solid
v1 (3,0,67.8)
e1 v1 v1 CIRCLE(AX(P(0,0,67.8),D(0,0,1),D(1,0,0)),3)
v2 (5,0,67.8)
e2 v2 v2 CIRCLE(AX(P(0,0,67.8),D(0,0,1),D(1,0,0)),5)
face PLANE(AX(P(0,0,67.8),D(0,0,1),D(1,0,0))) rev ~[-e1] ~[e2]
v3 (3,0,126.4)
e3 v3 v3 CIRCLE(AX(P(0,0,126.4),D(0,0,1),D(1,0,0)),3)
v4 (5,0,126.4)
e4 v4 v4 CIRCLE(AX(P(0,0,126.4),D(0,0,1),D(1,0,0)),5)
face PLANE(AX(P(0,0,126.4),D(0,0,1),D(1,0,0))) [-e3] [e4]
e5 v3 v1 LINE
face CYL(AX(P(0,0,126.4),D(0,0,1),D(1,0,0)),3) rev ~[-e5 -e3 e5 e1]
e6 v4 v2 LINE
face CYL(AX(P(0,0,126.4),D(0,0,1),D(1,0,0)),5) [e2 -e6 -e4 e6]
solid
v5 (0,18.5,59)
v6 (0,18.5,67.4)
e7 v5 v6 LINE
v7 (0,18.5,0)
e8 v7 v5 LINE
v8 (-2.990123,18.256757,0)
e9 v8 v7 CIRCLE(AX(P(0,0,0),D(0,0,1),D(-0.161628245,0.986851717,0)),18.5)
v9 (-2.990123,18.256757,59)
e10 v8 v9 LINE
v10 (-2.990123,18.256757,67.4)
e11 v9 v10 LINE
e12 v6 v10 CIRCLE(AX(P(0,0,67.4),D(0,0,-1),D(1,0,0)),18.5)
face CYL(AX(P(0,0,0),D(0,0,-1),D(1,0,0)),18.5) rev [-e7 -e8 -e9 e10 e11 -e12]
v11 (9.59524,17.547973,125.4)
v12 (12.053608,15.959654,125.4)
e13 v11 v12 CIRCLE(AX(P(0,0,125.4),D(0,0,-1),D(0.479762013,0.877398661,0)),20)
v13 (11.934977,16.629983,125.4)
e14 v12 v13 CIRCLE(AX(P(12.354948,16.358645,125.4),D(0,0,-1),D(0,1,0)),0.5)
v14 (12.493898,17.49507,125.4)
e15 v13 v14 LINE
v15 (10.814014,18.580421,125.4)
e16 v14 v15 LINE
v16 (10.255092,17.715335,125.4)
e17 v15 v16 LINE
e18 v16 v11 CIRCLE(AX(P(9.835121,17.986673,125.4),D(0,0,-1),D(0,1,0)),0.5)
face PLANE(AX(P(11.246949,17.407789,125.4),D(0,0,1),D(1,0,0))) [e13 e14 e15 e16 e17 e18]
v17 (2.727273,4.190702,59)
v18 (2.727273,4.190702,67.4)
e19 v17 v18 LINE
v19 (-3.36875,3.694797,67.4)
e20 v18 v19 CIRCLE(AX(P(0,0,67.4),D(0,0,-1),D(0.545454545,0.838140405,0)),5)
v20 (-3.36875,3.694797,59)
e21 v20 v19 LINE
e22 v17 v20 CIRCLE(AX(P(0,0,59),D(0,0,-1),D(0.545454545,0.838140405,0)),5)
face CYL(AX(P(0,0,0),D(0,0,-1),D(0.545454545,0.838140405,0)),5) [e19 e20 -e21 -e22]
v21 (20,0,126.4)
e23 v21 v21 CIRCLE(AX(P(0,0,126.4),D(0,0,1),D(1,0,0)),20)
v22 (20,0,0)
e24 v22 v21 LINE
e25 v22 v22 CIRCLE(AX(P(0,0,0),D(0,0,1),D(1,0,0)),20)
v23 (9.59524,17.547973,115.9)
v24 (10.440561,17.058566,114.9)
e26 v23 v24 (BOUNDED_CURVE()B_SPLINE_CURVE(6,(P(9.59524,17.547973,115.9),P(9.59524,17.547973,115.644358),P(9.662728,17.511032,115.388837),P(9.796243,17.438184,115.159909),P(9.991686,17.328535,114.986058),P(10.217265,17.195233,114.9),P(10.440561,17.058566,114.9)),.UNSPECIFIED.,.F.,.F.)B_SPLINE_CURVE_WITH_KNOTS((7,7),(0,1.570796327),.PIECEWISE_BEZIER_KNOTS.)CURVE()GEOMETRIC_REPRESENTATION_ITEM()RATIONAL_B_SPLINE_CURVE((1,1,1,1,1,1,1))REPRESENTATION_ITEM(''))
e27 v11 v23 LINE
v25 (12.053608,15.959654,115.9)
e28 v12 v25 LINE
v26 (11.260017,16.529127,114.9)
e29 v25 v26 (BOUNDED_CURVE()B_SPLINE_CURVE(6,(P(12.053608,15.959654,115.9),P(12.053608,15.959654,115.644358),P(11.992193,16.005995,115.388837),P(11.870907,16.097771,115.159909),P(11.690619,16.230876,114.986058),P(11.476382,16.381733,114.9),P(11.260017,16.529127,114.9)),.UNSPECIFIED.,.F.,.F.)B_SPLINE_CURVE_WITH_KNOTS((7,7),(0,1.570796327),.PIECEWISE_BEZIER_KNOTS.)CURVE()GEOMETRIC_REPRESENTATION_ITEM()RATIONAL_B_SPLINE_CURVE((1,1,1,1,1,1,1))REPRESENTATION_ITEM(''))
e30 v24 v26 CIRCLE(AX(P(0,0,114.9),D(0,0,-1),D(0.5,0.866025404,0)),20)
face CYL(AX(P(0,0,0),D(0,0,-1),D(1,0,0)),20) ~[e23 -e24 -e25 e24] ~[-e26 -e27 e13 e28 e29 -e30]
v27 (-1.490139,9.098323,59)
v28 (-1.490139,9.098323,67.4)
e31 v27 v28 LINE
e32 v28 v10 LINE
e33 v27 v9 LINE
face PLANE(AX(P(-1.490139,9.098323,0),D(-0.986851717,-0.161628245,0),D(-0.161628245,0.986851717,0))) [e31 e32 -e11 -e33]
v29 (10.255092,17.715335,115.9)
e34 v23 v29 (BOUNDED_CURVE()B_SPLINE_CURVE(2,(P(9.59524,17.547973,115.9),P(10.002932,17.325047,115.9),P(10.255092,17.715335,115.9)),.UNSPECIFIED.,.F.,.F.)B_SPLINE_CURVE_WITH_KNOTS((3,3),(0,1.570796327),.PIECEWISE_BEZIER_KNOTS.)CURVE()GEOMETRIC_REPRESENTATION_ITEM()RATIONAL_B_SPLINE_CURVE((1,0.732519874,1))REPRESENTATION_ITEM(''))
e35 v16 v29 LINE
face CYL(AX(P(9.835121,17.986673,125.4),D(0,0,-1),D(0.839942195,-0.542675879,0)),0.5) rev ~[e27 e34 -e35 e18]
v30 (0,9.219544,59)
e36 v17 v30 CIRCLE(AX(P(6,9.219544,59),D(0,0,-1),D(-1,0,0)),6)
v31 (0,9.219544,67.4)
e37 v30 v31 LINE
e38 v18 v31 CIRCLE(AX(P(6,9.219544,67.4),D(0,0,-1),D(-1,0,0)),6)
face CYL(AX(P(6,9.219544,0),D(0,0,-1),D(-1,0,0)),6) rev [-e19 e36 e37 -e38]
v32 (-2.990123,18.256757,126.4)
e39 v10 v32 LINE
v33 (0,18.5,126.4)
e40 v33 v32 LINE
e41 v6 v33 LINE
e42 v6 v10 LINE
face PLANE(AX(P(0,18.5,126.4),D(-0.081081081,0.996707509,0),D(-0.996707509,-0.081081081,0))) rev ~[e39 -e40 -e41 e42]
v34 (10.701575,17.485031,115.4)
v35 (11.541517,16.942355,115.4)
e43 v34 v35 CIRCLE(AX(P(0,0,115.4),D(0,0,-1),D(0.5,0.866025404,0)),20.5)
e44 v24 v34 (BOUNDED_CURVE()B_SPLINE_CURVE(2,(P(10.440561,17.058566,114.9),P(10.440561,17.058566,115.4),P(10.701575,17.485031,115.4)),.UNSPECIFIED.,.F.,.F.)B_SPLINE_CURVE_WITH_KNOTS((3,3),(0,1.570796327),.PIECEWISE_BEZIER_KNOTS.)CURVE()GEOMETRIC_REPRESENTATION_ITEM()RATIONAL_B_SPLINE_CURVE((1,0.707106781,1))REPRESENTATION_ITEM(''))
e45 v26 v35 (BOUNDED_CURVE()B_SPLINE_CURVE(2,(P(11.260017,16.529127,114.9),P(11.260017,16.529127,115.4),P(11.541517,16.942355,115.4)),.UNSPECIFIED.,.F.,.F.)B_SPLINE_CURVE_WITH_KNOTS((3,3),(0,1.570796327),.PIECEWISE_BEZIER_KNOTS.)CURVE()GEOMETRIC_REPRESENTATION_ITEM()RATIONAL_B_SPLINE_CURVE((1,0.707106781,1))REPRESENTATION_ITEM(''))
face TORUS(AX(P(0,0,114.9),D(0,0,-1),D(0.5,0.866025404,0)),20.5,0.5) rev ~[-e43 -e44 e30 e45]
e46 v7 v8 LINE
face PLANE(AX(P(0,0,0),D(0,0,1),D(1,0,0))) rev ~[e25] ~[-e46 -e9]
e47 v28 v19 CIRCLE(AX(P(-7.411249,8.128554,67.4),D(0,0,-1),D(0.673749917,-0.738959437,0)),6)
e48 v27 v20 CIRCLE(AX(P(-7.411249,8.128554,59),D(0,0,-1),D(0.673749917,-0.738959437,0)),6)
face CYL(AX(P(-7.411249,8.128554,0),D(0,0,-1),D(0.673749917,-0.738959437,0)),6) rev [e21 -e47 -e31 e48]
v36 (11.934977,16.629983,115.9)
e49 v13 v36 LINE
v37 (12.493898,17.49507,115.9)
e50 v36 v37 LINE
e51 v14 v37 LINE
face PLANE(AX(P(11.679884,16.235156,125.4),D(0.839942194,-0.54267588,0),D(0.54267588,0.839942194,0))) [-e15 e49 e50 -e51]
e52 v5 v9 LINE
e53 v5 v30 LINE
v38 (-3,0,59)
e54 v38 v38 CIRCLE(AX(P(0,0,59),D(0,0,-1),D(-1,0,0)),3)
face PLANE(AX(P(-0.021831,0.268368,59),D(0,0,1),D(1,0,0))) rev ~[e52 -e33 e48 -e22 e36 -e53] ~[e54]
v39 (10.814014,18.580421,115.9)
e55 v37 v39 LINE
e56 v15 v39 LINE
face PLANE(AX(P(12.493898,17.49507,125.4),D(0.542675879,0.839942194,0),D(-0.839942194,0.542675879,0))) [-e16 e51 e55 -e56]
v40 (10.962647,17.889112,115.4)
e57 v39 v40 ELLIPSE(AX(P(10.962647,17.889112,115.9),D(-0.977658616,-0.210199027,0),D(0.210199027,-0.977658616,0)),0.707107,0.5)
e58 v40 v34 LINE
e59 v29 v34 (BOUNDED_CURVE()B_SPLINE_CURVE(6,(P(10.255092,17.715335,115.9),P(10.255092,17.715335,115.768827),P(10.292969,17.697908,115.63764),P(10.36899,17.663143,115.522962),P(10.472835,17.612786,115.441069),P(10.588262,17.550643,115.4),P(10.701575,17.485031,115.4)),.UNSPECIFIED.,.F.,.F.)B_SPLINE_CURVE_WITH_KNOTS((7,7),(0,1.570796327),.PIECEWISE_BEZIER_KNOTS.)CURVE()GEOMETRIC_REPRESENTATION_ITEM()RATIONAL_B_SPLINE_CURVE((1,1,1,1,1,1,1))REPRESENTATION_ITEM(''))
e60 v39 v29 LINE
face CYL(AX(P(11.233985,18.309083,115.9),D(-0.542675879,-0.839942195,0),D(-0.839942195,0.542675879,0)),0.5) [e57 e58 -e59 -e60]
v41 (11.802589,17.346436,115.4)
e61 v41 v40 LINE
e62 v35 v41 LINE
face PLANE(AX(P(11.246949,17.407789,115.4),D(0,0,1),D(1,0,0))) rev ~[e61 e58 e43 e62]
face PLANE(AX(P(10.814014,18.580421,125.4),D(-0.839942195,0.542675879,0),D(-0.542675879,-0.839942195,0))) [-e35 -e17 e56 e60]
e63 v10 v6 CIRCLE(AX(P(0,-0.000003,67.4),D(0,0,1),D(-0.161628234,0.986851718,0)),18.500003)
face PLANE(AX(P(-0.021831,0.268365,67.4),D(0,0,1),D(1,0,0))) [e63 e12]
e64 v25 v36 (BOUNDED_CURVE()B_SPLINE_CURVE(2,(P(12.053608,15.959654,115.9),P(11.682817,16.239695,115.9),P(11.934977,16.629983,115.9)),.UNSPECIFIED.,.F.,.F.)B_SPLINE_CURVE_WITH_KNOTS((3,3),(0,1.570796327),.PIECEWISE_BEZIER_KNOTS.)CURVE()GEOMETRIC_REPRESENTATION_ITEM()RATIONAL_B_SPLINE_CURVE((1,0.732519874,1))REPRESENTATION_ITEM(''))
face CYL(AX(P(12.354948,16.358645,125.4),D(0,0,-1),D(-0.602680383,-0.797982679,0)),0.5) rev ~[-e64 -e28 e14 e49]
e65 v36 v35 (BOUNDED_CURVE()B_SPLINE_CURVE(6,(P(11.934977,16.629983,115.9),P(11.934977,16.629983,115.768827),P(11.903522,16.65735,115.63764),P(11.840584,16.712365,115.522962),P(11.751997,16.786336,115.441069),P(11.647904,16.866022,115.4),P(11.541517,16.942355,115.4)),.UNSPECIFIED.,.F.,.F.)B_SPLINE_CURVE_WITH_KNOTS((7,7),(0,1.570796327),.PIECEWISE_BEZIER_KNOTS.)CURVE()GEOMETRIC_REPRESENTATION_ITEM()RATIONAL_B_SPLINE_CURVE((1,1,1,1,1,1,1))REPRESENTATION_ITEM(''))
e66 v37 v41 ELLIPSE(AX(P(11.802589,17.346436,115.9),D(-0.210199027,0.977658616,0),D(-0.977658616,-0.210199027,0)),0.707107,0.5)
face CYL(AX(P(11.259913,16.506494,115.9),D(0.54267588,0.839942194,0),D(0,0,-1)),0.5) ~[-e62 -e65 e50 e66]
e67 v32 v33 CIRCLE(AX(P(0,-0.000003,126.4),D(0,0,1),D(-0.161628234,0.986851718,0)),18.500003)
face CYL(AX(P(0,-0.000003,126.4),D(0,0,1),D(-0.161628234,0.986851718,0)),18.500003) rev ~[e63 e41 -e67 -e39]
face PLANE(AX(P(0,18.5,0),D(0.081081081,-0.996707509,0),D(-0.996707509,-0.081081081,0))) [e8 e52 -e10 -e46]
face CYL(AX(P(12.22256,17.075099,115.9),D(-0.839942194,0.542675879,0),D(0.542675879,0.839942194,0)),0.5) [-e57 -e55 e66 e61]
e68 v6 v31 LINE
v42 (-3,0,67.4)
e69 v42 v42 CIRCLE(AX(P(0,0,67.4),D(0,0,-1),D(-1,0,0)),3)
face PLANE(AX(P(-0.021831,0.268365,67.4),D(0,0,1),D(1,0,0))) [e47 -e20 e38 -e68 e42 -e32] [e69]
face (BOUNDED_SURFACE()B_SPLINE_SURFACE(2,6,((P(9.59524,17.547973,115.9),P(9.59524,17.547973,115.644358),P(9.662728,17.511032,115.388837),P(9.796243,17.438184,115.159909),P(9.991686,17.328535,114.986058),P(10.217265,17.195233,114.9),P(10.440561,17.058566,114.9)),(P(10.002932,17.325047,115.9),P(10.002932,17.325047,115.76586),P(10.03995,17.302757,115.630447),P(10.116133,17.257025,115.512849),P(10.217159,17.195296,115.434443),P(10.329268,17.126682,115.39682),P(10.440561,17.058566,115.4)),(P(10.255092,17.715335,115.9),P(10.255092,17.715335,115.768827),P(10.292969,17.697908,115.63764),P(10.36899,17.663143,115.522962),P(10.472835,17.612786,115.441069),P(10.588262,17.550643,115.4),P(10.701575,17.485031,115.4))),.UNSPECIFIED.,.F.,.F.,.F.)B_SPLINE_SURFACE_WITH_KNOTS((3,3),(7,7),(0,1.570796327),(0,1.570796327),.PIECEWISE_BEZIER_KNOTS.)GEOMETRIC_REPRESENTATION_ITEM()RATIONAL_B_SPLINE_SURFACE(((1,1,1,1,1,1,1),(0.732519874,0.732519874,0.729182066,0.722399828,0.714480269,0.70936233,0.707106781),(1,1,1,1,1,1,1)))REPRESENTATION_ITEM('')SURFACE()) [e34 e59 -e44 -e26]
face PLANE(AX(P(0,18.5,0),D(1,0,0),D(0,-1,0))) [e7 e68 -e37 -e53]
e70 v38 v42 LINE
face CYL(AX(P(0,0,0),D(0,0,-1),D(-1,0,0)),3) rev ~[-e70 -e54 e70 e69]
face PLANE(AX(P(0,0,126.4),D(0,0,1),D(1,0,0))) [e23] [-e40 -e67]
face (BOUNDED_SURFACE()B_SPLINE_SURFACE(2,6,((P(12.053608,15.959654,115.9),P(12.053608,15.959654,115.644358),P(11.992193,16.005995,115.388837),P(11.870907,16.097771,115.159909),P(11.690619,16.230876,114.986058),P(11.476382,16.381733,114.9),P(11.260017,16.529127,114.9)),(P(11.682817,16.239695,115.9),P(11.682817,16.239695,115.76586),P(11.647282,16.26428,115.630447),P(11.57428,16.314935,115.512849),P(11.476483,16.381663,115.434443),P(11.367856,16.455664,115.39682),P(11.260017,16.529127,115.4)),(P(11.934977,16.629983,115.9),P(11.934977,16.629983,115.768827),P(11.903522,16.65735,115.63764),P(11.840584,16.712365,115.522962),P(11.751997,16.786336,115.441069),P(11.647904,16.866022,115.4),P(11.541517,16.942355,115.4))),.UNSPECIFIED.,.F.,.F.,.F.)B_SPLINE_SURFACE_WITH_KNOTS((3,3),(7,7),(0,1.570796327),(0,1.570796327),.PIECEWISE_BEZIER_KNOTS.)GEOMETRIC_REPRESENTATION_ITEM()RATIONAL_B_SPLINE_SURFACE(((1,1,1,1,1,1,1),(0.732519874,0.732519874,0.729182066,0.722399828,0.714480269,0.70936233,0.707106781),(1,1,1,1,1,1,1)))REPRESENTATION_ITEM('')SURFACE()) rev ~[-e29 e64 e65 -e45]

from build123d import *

# Parameters (mm, degrees)
SKETCH_2_R          = 20
SKETCH_2_R_2        = 18.5
EXTRUDE_1_DEPTH     = 126.4
SKETCH_5_R          = 3
EXTRUDE_3_DEPTH     = 126.4
CUT_EXTRUDE1_DEPTH  = 59
CUT_EXTRUDE2_DEPTH  = 59
SKETCH3_R           = 5
SKETCH3_R_2         = 3
BOSS_EXTRUDE1_DEPTH = 58.6
BOSS_EXTRUDE2_START = -1
BOSS_EXTRUDE2_DEPTH = 10
FILLET1_R           = 0.5


with BuildPart() as part:
    # Эскиз2 → Бобышка-Вытянуть1 (new body)
    with BuildSketch(Plane.XY):
        Circle(SKETCH_2_R)
        Circle(SKETCH_2_R_2, mode=Mode.SUBTRACT)
    extrude(amount=EXTRUDE_1_DEPTH)

    # Эскиз5 → Бобышка-Вытянуть3 (add, through all)
    with BuildSketch(Plane(origin=(0, 0, 0), x_dir=(-1, 0, 0), z_dir=(0, 0, -1))):
        with BuildLine():
            Line((0, 18.5), (0, 9.219544457))
            ThreePointArc((0, 9.219544457), (-0.725705562, 6.35915669), (-2.727272727, 4.190702026))
            ThreePointArc((-2.727272727, 4.190702026), (-0.405405405, -4.983537544), (3.368749585, 3.694797184))
            ThreePointArc((3.368749585, 3.694797184), (1.743983113, 6.158250179), (1.490138787, 9.098323274))
            Line((1.490138787, 9.098323274), (2.990122527, 18.256756757))
            ThreePointArc((2.990122527, 18.256756757), (1.5, 18.439088915), (0, 18.5))
        make_face()
        Circle(SKETCH_5_R, mode=Mode.SUBTRACT)
    extrude(amount=-EXTRUDE_3_DEPTH)

    # Sketch1 → Cut-Extrude1 (cut)
    with BuildSketch(Plane(origin=(0, 0, 0), x_dir=(-1, 0, 0), z_dir=(0, 0, -1))):
        with BuildLine():
            Line((0, 18.5), (2.990122527, 18.256756757))
            ThreePointArc((2.990122527, 18.256756757), (-1.5, -18.439088915), (0, 18.5))
        make_face()
    extrude(amount=-CUT_EXTRUDE1_DEPTH, mode=Mode.SUBTRACT)

    # Sketch2 → Cut-Extrude2 (cut)
    with BuildSketch(Plane.XY.offset(126.4)):
        with BuildLine():
            Line((0, 18.5), (-2.990122527, 18.256756757))
            ThreePointArc((-2.990122527, 18.256756757), (1.50000041, -18.439093959), (0, 18.5))
        make_face()
    extrude(amount=-CUT_EXTRUDE2_DEPTH, mode=Mode.SUBTRACT)

    # Sketch4 → Boss-Extrude2 (add)
    with BuildSketch(Plane.XY.offset(126.4).offset(BOSS_EXTRUDE2_START)):
        Polygon((10, 17.320508076), (11.679884389, 16.235156318), (12.493898208, 17.495069609), (10.814013819, 18.580421368), align=None)
    extrude(amount=-BOSS_EXTRUDE2_DEPTH)

    # Fillet1
    fillet1_edges = [part.edges().sort_by_distance(p)[0] for p in [
        (10.853517582, 16.798843892, 115.4),
        (10.407006909, 17.950464722, 115.4),
        (10, 17.320508076, 120.4),
        (11.653956013, 18.037745489, 115.4),
        (12.086891299, 16.865112963, 115.4),
        (11.679884389, 16.235156318, 120.4),
    ]]
    fillet(fillet1_edges, radius=FILLET1_R)


with BuildPart() as body_2:
    # Sketch3 → Boss-Extrude1 (new body)
    with BuildSketch(Plane.XY.offset(126.4)):
        Circle(SKETCH3_R)
        Circle(SKETCH3_R_2, mode=Mode.SUBTRACT)
    extrude(amount=-BOSS_EXTRUDE1_DEPTH)


solid = Compound([part.part, body_2.part])
